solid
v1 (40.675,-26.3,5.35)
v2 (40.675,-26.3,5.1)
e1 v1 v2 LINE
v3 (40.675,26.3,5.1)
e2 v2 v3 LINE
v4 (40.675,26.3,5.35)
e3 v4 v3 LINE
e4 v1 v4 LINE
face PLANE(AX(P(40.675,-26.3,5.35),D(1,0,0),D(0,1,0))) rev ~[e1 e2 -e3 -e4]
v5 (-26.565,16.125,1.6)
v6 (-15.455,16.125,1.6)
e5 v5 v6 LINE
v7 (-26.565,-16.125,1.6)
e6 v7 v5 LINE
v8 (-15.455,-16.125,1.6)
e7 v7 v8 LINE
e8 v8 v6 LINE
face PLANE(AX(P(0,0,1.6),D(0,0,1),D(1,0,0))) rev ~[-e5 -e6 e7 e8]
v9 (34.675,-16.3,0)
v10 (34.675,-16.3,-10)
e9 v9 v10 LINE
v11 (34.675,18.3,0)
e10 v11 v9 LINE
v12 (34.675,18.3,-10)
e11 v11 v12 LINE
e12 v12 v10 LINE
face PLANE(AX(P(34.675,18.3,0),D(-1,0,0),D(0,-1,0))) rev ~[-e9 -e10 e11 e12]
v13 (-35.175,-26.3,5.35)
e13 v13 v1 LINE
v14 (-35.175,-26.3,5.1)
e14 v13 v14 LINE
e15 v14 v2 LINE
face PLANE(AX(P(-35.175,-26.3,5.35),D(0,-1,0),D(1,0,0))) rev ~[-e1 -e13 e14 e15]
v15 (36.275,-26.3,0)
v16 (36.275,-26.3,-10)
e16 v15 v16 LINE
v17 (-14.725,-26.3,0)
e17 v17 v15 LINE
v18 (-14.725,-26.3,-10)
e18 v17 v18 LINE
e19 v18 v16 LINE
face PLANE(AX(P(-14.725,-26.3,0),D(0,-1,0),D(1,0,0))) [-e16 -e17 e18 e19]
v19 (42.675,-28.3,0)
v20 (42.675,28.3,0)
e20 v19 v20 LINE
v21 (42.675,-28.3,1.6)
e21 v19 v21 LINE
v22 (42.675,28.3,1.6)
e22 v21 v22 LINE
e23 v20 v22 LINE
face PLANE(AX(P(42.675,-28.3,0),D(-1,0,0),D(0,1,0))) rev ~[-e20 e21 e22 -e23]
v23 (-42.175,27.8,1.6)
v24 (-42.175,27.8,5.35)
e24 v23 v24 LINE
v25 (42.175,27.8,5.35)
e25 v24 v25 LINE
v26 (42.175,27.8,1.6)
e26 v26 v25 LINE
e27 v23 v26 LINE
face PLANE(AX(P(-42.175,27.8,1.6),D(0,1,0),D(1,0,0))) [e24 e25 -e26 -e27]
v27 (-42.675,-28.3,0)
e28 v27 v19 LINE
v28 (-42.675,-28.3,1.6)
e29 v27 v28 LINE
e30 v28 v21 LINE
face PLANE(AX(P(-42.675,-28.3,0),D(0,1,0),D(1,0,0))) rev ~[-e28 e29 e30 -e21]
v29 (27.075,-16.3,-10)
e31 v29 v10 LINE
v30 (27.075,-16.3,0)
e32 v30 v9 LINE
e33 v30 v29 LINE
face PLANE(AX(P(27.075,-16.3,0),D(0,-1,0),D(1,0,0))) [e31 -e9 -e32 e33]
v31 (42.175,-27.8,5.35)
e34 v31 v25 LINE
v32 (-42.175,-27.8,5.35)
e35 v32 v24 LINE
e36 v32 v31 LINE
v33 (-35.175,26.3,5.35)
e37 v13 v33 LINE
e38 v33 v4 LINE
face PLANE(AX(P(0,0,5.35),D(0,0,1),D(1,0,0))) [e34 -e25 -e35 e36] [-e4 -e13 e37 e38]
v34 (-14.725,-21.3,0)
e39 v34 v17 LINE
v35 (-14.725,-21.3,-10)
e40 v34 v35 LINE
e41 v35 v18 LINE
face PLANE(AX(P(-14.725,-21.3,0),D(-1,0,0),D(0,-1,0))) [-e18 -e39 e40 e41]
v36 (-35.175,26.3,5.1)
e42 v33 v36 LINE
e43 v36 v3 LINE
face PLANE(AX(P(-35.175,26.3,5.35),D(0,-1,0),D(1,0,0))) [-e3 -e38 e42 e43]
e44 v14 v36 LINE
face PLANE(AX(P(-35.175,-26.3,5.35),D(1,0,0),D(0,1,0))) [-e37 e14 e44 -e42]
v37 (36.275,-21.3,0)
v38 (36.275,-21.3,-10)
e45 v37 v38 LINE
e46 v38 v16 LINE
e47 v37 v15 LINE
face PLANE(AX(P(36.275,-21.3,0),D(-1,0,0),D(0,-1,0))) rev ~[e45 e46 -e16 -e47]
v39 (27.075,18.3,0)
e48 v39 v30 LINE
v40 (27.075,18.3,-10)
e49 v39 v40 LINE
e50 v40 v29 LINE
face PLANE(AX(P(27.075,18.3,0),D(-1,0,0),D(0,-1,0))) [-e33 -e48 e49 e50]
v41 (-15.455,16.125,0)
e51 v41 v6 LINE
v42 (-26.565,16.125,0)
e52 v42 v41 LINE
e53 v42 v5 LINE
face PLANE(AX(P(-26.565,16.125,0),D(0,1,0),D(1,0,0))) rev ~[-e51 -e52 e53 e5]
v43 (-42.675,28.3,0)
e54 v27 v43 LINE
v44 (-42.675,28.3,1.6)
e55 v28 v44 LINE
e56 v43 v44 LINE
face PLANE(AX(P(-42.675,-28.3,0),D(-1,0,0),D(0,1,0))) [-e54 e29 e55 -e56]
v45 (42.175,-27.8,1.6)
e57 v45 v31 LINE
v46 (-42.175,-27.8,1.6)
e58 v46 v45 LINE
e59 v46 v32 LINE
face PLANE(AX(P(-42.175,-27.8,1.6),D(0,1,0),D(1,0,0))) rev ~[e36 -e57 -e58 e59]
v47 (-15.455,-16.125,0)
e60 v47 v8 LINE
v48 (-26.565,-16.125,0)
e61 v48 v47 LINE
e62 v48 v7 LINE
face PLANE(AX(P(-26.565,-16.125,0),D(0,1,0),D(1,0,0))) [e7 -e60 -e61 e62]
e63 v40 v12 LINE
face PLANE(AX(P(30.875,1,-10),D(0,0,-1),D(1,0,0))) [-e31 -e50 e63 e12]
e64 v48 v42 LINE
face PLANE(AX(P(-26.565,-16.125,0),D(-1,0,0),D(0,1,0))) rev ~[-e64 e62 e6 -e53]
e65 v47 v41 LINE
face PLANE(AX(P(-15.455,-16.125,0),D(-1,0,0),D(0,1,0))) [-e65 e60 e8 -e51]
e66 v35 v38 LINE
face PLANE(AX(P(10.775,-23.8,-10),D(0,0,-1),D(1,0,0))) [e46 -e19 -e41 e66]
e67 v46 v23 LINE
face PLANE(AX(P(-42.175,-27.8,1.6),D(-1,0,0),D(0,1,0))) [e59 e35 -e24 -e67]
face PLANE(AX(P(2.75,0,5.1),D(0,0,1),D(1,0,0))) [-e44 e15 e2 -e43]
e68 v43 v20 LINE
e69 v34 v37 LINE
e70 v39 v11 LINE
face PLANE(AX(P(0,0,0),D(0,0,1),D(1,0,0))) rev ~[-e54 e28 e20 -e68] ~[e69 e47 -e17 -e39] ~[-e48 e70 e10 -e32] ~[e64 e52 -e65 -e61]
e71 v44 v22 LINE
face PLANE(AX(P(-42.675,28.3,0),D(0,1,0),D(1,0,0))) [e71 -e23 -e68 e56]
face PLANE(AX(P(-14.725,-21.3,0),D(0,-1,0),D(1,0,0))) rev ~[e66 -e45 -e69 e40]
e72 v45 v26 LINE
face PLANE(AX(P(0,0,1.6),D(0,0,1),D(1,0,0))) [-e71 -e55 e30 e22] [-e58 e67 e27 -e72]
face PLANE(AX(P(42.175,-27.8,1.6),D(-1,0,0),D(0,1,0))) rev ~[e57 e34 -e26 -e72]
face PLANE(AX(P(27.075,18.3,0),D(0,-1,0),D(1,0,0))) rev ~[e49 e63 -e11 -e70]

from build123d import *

# Parameters (mm, degrees)
F0_W     = 85.35
F0_H     = 56.6
F0_W_2   = 11.11
F0_H_2   = 32.25
F1_DEPTH = 1.6
F2_W     = 84.35
F2_H     = 55.6
F3_DEPTH = 3.75
F4_W     = 75.85
F4_H     = 52.6
F5_DEPTH = 0.25
F6_W     = 7.6
F6_H     = 34.6
F6_W_2   = 51
F6_H_2   = 5
F7_DEPTH = 10


with BuildPart() as f1:
    # F0 (on Top) → F1 (new body)
    with BuildSketch(Plane.XY):
        Rectangle(F0_W, F0_H)
        with Locations((-21.01, 0)):
            Rectangle(F0_W_2, F0_H_2, mode=Mode.SUBTRACT)
    extrude(amount=F1_DEPTH)

    # F2 (on face) → F3 (join)
    with BuildSketch(Plane.XY.offset(1.6)):
        Rectangle(F2_W, F2_H)
    extrude(amount=F3_DEPTH)

    # F4 (on face) → F5 (cut)
    with BuildSketch(Plane.XY.offset(5.35)):
        with Locations((2.75, 0)):
            Rectangle(F4_W, F4_H)
    extrude(amount=-F5_DEPTH, mode=Mode.SUBTRACT)

    # F6 (on face) → F7 (join)
    with BuildSketch(Plane(origin=(0, 0, 0), x_dir=(1, 0, 0), z_dir=(0, 0, -1))):
        with Locations((30.875, -1)):
            Rectangle(F6_W, F6_H)
        with Locations((10.775, 23.8)):
            Rectangle(F6_W_2, F6_H_2)
    extrude(amount=F7_DEPTH)


solid = f1.part
